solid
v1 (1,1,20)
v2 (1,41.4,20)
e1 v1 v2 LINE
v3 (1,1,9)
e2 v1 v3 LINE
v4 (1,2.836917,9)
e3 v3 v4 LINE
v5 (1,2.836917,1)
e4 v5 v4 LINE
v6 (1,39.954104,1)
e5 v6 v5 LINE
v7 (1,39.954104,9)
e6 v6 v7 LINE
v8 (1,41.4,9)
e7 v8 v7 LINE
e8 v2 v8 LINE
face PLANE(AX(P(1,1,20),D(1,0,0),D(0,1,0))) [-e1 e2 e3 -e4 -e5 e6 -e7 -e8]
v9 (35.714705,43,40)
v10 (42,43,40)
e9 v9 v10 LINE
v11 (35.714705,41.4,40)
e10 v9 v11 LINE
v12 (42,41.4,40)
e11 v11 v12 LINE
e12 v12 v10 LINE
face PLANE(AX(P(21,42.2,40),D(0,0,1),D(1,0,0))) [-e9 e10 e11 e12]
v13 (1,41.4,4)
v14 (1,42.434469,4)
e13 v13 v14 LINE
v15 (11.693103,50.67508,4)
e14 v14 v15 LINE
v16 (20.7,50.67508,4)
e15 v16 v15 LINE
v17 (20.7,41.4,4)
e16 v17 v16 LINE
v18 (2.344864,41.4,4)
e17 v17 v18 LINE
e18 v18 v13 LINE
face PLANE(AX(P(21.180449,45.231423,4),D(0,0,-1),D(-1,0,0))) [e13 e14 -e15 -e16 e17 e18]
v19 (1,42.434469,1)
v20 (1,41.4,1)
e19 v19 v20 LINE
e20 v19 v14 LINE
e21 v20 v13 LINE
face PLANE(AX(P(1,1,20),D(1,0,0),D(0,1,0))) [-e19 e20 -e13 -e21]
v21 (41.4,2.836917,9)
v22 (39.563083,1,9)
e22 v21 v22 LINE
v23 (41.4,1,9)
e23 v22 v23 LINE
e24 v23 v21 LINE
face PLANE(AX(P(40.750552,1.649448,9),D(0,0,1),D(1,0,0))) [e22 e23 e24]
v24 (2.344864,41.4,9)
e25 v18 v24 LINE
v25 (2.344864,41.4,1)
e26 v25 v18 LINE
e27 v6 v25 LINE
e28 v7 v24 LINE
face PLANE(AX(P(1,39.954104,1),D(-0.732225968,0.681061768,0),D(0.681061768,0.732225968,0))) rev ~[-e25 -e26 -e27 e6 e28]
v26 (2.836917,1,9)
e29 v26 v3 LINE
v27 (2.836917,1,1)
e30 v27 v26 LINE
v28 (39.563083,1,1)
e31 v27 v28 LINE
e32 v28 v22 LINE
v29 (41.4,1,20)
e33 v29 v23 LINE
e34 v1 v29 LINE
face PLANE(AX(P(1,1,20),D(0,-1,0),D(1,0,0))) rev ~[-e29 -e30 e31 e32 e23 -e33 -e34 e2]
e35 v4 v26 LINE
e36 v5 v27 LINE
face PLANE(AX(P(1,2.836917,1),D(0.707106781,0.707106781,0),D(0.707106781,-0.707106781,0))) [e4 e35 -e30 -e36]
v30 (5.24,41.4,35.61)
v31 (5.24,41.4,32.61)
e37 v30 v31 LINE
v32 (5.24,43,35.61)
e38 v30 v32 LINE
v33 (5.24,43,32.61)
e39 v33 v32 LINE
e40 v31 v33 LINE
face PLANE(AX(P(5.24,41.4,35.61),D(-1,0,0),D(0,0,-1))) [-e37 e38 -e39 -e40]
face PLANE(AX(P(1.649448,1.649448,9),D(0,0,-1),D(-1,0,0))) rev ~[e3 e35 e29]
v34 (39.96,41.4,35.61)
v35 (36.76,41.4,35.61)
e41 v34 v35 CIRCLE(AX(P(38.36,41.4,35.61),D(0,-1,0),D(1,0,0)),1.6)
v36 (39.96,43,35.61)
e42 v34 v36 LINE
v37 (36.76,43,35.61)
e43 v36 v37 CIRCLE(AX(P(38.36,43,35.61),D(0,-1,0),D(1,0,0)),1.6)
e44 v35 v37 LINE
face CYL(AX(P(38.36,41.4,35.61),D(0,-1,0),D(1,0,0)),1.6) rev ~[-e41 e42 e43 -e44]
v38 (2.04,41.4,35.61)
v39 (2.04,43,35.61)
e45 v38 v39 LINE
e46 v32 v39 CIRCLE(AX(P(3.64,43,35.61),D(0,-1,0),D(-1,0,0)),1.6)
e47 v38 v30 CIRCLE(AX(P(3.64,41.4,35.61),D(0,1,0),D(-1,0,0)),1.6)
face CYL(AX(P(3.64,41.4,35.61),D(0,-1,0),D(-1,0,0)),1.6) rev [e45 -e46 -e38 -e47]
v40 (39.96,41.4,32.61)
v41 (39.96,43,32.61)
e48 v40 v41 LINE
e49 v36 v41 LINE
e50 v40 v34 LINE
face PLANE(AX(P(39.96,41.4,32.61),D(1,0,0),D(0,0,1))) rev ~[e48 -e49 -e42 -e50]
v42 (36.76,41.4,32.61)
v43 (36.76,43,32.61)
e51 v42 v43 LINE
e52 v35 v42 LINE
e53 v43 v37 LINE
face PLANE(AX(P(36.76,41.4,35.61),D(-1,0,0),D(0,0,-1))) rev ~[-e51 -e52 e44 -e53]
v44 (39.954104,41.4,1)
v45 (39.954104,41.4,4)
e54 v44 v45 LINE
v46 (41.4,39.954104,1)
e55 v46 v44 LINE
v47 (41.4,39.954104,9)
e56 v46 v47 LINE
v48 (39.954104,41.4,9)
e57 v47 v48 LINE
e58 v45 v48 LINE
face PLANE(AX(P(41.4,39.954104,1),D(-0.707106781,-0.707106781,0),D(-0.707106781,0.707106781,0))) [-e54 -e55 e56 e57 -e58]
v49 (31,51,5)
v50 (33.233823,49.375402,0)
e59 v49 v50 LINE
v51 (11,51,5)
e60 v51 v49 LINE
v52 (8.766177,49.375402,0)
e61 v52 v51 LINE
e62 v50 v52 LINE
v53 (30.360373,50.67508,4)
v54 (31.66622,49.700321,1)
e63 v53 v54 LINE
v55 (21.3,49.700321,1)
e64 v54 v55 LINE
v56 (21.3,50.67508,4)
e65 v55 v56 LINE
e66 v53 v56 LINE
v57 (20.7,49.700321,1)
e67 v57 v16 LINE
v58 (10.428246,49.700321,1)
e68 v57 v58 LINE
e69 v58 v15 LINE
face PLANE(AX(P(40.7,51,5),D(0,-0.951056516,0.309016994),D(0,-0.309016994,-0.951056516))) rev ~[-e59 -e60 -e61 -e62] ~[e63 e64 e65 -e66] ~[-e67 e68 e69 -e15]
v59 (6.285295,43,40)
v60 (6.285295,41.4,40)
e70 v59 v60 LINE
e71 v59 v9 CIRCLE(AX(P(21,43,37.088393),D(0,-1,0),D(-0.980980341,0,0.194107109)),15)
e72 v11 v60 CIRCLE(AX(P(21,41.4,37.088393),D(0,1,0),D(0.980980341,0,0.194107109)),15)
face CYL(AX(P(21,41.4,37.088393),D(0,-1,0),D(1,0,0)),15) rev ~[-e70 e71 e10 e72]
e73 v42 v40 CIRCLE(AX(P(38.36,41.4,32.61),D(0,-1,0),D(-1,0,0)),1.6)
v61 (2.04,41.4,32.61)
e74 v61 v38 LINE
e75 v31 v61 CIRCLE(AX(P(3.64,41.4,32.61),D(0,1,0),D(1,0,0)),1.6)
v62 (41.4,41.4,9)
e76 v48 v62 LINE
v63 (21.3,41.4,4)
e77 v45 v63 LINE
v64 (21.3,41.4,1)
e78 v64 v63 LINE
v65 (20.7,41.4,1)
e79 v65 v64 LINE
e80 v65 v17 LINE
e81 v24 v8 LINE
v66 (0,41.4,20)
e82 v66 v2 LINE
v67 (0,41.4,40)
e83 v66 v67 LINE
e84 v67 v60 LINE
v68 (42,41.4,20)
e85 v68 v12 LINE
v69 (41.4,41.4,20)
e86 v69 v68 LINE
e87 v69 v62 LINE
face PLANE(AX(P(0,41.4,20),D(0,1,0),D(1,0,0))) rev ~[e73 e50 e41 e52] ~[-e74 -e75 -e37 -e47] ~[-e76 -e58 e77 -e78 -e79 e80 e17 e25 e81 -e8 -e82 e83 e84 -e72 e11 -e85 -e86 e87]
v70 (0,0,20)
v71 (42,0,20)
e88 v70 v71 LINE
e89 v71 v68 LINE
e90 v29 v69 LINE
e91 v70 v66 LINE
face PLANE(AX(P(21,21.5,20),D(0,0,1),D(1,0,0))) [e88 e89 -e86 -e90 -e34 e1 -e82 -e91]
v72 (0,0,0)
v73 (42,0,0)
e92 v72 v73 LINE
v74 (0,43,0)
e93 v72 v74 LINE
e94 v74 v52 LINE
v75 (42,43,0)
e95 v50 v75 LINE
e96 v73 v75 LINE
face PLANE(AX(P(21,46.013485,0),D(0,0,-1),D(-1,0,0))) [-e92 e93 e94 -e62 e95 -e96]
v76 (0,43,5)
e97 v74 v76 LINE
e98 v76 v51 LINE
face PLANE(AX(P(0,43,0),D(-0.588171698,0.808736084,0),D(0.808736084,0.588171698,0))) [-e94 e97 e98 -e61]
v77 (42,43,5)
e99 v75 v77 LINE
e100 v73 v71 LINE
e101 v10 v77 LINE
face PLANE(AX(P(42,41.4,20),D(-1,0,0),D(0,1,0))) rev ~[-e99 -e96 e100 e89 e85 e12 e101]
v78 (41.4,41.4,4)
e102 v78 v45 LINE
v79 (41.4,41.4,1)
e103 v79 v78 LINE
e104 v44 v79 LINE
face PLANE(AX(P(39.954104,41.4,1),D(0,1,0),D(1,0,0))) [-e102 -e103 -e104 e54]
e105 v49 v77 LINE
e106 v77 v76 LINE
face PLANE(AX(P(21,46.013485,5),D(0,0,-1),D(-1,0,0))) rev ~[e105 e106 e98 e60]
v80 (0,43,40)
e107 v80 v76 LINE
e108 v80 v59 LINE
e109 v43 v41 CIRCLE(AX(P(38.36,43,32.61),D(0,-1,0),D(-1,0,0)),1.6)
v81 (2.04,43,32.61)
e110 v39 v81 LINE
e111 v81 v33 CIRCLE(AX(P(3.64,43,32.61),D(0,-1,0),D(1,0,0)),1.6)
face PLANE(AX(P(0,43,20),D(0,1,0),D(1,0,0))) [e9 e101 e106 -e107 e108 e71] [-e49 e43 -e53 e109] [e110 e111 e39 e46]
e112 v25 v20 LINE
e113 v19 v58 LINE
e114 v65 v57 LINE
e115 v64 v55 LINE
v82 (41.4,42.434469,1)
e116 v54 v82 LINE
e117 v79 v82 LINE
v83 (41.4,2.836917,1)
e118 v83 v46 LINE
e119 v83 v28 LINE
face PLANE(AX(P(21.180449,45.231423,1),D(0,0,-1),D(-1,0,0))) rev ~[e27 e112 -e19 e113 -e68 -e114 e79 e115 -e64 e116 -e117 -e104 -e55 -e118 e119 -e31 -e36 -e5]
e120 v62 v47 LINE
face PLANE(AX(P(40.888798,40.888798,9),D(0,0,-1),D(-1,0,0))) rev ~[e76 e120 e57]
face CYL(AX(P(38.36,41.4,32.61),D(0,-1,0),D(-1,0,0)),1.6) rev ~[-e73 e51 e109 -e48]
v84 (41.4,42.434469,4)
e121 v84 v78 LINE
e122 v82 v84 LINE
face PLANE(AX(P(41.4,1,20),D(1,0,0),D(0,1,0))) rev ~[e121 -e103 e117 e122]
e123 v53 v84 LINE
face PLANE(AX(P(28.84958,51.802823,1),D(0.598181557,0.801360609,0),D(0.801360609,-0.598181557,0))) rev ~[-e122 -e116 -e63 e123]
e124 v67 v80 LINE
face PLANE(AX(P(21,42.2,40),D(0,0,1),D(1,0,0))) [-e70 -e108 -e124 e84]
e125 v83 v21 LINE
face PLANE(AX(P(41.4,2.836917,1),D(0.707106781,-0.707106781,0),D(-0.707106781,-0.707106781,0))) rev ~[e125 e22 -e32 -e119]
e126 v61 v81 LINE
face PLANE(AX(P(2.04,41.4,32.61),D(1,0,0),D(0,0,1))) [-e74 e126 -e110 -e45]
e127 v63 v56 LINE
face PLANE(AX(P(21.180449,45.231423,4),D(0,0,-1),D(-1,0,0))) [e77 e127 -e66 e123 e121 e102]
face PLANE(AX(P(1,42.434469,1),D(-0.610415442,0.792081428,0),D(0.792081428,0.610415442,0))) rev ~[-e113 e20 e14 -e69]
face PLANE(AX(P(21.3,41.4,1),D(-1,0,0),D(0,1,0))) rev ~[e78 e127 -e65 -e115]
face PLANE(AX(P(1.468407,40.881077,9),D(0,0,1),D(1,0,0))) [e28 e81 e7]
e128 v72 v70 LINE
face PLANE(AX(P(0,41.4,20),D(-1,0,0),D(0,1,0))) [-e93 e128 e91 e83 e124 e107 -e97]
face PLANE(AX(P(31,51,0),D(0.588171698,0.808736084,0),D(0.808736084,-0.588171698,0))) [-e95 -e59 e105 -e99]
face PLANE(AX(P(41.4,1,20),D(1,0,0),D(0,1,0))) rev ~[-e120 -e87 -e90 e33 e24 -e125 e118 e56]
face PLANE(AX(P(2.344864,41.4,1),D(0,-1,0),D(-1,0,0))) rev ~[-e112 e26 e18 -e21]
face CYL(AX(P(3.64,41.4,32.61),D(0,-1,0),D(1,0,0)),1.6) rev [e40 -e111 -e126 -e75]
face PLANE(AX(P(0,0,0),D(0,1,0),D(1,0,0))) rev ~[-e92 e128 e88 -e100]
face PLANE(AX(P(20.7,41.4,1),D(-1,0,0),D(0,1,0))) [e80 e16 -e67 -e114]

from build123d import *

# Parameters (mm, degrees)
SKETCH_1_W               = 42
SKETCH_1_H               = 43
EXTRUDE_1_DEPTH          = 20
SKETCH_2_W               = 40.4
SKETCH_2_H               = 40.4
CUT_EXTRUDE_1_DEPTH      = 19
EXTRUDE_2_DEPTH          = 5
CUT_EXTRUDE_2_DEPTH      = 3
EXTRUDE_3_DEPTH          = 8
SKETCH_7_W               = 42
SKETCH_7_H               = 1.6
EXTRUDE_4_DEPTH          = 20
SKETCH_8_R               = 15
CUT_EXTRUDE_3_DEPTH      = 20
SKETCH_9_W               = 0.6
SKETCH_9_H               = 9.6
EXTRUDE_5_DEPTH          = 3
CUT_EXTRUDE_4_DEPTH      = 20
CUT_EXTRUDE_4_DEPTH_BACK = 20


with BuildPart() as part:
    # 草图1 → 凸台-拉伸1 (new body)
    with BuildSketch(Plane.XY):
        with Locations((21, 21.5)):
            Rectangle(SKETCH_1_W, SKETCH_1_H)
    extrude(amount=EXTRUDE_1_DEPTH)

    # 草图2 → 切除-拉伸1 (cut)
    with BuildSketch(Plane.XY.offset(20)):
        with Locations((21.2, 21.2)):
            Rectangle(SKETCH_2_W, SKETCH_2_H)
    extrude(amount=-CUT_EXTRUDE_1_DEPTH, mode=Mode.SUBTRACT)

    # 草图3 → 凸台-拉伸2 (add)
    with BuildSketch(Plane(origin=(0, 0, 0), x_dir=(-1, 0, 0), z_dir=(0, 0, -1))):
        Polygon((-42, 43), (0, 43), (-11, 51), (-31, 51), align=None)
    extrude(amount=-EXTRUDE_2_DEPTH)

    # 草图5 → 切除-拉伸2 (cut)
    with BuildSketch(Plane.XY.offset(1)):
        Polygon((1, 41.4), (1, 42.434468933), (13.156473194, 51.802822617), (28.849580276, 51.802822617), (41.4, 42.434468933), (41.4, 41.4), align=None)
    extrude(amount=CUT_EXTRUDE_2_DEPTH, mode=Mode.SUBTRACT)

    # 草图6 → 凸台-拉伸3 (add)
    with BuildSketch(Plane.XY.offset(1)):
        Polygon((1, 41.4), (1, 39.954103811), (2.344864369, 41.4), align=None)
        Polygon((41.4, 41.4), (41.4, 39.954103811), (39.954103811, 41.4), align=None)
        Polygon((41.4, 1), (41.4, 2.836916903), (39.563083097, 1), align=None)
        Polygon((1, 1), (1, 2.836916903), (2.836916903, 1), align=None)
    extrude(amount=EXTRUDE_3_DEPTH)

    # 草图7 → 凸台-拉伸4 (add)
    with BuildSketch(Plane.XY.offset(20)):
        with Locations((21, 42.2)):
            Rectangle(SKETCH_7_W, SKETCH_7_H)
    extrude(amount=EXTRUDE_4_DEPTH)

    # 草图8 → 切除-拉伸3 (cut)
    with BuildSketch(Plane.XZ.offset(-41.4)):
        with Locations((21, 37.088393363)):
            Circle(SKETCH_8_R)
        with BuildLine():
            Line((2.04, 32.61), (2.04, 35.61))
            ThreePointArc((2.04, 35.61), (3.64, 37.21), (5.24, 35.61))
            Line((5.24, 35.61), (5.24, 32.61))
            ThreePointArc((5.24, 32.61), (3.64, 31.01), (2.04, 32.61))
        make_face()
        with BuildLine():
            Line((39.96, 32.61), (39.96, 35.61))
            ThreePointArc((39.96, 35.61), (38.36, 37.21), (36.76, 35.61))
            Line((36.76, 35.61), (36.76, 32.61))
            ThreePointArc((36.76, 32.61), (38.36, 31.01), (39.96, 32.61))
        make_face()
    extrude(amount=-CUT_EXTRUDE_3_DEPTH, mode=Mode.SUBTRACT)

    # 草图9 → 凸台-拉伸5 (add)
    with BuildSketch(Plane.XY.offset(1)):
        with Locations((21, 46.2)):
            Rectangle(SKETCH_9_W, SKETCH_9_H)
    extrude(amount=EXTRUDE_5_DEPTH)

    # 草图10 → 切除-拉伸4 (cut, two sides: drawn at the far end of the back side and taken through both)
    with BuildSketch(Plane.ZY.offset(-20.7).offset(-CUT_EXTRUDE_4_DEPTH_BACK)):
        Polygon((5, 51), (-3.034223026, 48.389522695), (-3.034223026, 51), align=None)
    extrude(amount=CUT_EXTRUDE_4_DEPTH + CUT_EXTRUDE_4_DEPTH_BACK, mode=Mode.SUBTRACT)


solid = part.part
